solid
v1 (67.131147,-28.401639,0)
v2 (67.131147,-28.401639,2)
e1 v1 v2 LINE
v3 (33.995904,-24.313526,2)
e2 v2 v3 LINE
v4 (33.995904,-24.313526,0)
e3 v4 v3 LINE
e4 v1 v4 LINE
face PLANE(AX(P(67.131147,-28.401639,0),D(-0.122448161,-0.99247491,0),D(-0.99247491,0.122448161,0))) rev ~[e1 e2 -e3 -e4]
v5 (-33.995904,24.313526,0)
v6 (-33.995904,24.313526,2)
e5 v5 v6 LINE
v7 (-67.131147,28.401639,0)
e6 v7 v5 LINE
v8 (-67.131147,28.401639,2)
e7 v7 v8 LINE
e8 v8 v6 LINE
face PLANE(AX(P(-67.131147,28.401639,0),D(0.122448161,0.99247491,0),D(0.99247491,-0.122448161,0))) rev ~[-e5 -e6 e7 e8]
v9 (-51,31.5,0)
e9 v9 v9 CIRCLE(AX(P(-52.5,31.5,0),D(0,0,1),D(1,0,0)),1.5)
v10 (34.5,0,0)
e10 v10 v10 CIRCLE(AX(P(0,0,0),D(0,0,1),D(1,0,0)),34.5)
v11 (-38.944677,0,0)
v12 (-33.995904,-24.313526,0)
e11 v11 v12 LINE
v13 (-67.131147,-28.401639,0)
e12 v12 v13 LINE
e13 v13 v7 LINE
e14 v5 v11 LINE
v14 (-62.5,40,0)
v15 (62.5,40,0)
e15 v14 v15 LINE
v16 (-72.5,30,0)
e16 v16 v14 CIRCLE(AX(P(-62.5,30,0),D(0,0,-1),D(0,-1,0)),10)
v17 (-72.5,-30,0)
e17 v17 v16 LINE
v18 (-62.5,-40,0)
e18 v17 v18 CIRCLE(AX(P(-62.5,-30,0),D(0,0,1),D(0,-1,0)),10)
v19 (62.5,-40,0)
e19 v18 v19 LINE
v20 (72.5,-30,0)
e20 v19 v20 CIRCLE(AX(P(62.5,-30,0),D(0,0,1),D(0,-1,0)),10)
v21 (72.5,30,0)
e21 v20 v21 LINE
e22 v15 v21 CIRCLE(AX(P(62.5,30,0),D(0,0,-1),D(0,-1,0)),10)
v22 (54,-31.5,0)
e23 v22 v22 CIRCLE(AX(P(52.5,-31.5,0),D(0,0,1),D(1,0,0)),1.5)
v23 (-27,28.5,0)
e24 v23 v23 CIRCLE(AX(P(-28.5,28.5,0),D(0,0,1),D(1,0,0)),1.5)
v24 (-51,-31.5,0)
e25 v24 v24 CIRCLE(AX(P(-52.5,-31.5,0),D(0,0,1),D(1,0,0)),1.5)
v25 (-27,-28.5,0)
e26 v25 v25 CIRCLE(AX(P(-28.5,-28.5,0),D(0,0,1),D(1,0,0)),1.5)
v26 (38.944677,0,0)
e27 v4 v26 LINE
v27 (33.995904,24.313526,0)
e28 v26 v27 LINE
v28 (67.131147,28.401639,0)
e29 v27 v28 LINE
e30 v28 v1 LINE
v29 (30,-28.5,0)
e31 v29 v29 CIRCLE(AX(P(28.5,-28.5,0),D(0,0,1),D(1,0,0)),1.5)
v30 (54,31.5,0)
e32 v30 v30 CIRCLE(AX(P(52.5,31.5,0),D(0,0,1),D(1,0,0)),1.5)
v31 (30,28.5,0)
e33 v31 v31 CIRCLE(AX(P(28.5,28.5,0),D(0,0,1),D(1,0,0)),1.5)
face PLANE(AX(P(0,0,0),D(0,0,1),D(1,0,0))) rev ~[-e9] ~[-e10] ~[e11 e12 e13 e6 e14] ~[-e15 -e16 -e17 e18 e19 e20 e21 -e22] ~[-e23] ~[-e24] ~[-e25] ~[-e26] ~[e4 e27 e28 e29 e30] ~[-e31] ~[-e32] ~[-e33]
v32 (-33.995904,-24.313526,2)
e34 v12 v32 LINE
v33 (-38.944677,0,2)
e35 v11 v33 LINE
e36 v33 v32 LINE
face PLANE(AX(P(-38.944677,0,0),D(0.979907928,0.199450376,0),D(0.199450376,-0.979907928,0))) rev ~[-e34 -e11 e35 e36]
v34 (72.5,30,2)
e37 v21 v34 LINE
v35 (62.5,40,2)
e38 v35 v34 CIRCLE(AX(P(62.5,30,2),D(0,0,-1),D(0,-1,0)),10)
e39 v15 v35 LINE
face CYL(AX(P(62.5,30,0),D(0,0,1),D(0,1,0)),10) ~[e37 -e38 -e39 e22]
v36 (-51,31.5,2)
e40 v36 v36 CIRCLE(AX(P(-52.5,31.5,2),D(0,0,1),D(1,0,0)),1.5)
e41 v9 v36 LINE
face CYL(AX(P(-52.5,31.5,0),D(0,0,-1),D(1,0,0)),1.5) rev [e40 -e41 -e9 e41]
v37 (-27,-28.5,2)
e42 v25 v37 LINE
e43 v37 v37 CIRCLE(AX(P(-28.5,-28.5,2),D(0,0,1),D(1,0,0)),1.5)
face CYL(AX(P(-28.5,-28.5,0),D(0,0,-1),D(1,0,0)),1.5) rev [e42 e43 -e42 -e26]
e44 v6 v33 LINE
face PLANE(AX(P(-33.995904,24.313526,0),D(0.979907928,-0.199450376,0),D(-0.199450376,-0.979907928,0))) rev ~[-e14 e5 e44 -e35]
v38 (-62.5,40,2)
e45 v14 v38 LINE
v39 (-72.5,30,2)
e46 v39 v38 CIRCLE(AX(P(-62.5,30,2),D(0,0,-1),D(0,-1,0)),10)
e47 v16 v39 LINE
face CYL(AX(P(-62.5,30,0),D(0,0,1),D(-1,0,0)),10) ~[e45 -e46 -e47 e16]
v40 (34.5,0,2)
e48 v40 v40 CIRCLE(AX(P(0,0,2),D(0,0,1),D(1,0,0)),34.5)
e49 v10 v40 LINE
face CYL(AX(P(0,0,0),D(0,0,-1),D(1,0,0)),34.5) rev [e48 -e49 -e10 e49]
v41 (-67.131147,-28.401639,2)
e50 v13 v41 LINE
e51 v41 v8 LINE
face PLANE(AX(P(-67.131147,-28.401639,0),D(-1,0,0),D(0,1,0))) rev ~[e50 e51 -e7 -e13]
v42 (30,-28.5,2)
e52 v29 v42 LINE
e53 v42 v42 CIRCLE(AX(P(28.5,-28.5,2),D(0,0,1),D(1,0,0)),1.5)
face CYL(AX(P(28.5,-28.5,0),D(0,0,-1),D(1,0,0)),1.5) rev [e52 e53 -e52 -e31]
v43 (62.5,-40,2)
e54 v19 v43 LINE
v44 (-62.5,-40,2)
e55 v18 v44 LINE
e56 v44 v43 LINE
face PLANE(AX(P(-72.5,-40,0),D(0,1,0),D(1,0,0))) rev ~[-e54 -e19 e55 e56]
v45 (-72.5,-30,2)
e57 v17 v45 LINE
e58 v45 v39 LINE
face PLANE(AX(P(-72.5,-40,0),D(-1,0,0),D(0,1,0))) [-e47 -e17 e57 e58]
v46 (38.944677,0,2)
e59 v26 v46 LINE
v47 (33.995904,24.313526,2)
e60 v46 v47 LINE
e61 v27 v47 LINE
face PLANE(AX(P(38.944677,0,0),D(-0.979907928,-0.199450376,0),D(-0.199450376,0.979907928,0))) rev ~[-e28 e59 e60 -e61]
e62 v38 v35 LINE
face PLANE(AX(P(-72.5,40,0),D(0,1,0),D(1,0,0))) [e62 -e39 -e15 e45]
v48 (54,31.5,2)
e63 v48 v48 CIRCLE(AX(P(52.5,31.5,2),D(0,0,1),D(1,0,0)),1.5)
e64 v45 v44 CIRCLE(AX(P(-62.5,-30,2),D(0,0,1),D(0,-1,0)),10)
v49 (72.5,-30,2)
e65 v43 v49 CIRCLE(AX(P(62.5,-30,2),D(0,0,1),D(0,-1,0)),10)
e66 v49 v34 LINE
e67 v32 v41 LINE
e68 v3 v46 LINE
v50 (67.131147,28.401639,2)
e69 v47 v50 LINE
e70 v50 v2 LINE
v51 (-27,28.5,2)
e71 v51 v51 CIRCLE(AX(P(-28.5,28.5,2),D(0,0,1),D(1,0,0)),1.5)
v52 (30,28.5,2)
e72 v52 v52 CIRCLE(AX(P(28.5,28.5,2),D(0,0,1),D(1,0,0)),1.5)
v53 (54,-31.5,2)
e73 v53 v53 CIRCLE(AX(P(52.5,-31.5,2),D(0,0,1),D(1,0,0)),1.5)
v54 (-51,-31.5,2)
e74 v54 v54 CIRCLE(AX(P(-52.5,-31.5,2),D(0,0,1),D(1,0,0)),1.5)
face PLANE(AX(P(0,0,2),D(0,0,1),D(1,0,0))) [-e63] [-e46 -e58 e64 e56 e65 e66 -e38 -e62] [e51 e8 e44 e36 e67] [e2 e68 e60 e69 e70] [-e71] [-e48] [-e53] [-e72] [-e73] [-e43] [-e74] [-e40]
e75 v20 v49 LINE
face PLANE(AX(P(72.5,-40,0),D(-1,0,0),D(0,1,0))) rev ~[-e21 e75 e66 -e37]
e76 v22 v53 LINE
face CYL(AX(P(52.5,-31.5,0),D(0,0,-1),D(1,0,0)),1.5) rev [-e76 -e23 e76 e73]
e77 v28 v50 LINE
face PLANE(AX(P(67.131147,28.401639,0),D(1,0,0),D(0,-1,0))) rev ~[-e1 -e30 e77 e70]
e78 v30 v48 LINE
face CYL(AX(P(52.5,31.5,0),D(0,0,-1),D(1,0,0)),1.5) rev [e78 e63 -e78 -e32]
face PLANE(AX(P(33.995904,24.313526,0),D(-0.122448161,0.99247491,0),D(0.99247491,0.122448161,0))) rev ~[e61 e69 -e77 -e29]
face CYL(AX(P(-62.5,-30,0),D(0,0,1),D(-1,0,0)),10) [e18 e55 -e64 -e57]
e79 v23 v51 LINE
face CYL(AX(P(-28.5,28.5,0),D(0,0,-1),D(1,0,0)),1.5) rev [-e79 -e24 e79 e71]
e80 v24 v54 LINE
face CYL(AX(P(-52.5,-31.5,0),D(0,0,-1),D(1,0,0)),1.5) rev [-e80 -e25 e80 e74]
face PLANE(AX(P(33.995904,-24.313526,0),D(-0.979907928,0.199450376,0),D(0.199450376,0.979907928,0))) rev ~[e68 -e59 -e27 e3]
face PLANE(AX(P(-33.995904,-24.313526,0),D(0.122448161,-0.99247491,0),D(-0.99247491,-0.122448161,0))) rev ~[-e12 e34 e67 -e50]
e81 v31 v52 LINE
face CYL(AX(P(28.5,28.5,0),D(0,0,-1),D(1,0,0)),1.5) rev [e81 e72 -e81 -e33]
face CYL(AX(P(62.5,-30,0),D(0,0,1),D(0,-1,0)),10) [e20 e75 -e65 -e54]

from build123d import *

# Parameters (mm, degrees)
F0_W     = 145
F0_H     = 80
F0_R     = 1.5
F0_R_2   = 34.5
F1_DEPTH = 2
F2_R     = 10


with BuildPart() as f1:
    # F0 (on Top) → F1 (new body)
    with BuildSketch(Plane.XY):
        Rectangle(F0_W, F0_H)
        with Locations((-52.5, -31.5)):
            Circle(F0_R, mode=Mode.SUBTRACT)
        with Locations((-28.5, -28.5)):
            Circle(F0_R, mode=Mode.SUBTRACT)
        with Locations((28.5, -28.5)):
            Circle(F0_R, mode=Mode.SUBTRACT)
        with Locations((52.5, -31.5)):
            Circle(F0_R, mode=Mode.SUBTRACT)
        Polygon((-67.131147, 28.401639), (-33.995904, 24.313526), (-38.944677, 0), (-33.995904, -24.313526), (-67.131147, -28.401639), (-67.131147, 0), align=None, mode=Mode.SUBTRACT)
        with Locations((-52.5, 31.5)):
            Circle(F0_R, mode=Mode.SUBTRACT)
        with Locations((-28.5, 28.5)):
            Circle(F0_R, mode=Mode.SUBTRACT)
        Circle(F0_R_2, mode=Mode.SUBTRACT)
        Polygon((33.995904, -24.313526), (38.944677, 0), (33.995904, 24.313526), (67.131147, 28.401639), (67.131147, 0), (67.131147, -28.401639), align=None, mode=Mode.SUBTRACT)
        with Locations((28.5, 28.5)):
            Circle(F0_R, mode=Mode.SUBTRACT)
        with Locations((52.5, 31.5)):
            Circle(F0_R, mode=Mode.SUBTRACT)
    extrude(amount=F1_DEPTH)

    # F2
    f2_edges = [f1.edges().sort_by_distance(p)[0] for p in [
        (-72.5, 40, 1),
        (72.5, 40, 1),
        (72.5, -40, 1),
        (-72.5, -40, 1),
    ]]
    fillet(f2_edges, radius=F2_R)


solid = f1.part
